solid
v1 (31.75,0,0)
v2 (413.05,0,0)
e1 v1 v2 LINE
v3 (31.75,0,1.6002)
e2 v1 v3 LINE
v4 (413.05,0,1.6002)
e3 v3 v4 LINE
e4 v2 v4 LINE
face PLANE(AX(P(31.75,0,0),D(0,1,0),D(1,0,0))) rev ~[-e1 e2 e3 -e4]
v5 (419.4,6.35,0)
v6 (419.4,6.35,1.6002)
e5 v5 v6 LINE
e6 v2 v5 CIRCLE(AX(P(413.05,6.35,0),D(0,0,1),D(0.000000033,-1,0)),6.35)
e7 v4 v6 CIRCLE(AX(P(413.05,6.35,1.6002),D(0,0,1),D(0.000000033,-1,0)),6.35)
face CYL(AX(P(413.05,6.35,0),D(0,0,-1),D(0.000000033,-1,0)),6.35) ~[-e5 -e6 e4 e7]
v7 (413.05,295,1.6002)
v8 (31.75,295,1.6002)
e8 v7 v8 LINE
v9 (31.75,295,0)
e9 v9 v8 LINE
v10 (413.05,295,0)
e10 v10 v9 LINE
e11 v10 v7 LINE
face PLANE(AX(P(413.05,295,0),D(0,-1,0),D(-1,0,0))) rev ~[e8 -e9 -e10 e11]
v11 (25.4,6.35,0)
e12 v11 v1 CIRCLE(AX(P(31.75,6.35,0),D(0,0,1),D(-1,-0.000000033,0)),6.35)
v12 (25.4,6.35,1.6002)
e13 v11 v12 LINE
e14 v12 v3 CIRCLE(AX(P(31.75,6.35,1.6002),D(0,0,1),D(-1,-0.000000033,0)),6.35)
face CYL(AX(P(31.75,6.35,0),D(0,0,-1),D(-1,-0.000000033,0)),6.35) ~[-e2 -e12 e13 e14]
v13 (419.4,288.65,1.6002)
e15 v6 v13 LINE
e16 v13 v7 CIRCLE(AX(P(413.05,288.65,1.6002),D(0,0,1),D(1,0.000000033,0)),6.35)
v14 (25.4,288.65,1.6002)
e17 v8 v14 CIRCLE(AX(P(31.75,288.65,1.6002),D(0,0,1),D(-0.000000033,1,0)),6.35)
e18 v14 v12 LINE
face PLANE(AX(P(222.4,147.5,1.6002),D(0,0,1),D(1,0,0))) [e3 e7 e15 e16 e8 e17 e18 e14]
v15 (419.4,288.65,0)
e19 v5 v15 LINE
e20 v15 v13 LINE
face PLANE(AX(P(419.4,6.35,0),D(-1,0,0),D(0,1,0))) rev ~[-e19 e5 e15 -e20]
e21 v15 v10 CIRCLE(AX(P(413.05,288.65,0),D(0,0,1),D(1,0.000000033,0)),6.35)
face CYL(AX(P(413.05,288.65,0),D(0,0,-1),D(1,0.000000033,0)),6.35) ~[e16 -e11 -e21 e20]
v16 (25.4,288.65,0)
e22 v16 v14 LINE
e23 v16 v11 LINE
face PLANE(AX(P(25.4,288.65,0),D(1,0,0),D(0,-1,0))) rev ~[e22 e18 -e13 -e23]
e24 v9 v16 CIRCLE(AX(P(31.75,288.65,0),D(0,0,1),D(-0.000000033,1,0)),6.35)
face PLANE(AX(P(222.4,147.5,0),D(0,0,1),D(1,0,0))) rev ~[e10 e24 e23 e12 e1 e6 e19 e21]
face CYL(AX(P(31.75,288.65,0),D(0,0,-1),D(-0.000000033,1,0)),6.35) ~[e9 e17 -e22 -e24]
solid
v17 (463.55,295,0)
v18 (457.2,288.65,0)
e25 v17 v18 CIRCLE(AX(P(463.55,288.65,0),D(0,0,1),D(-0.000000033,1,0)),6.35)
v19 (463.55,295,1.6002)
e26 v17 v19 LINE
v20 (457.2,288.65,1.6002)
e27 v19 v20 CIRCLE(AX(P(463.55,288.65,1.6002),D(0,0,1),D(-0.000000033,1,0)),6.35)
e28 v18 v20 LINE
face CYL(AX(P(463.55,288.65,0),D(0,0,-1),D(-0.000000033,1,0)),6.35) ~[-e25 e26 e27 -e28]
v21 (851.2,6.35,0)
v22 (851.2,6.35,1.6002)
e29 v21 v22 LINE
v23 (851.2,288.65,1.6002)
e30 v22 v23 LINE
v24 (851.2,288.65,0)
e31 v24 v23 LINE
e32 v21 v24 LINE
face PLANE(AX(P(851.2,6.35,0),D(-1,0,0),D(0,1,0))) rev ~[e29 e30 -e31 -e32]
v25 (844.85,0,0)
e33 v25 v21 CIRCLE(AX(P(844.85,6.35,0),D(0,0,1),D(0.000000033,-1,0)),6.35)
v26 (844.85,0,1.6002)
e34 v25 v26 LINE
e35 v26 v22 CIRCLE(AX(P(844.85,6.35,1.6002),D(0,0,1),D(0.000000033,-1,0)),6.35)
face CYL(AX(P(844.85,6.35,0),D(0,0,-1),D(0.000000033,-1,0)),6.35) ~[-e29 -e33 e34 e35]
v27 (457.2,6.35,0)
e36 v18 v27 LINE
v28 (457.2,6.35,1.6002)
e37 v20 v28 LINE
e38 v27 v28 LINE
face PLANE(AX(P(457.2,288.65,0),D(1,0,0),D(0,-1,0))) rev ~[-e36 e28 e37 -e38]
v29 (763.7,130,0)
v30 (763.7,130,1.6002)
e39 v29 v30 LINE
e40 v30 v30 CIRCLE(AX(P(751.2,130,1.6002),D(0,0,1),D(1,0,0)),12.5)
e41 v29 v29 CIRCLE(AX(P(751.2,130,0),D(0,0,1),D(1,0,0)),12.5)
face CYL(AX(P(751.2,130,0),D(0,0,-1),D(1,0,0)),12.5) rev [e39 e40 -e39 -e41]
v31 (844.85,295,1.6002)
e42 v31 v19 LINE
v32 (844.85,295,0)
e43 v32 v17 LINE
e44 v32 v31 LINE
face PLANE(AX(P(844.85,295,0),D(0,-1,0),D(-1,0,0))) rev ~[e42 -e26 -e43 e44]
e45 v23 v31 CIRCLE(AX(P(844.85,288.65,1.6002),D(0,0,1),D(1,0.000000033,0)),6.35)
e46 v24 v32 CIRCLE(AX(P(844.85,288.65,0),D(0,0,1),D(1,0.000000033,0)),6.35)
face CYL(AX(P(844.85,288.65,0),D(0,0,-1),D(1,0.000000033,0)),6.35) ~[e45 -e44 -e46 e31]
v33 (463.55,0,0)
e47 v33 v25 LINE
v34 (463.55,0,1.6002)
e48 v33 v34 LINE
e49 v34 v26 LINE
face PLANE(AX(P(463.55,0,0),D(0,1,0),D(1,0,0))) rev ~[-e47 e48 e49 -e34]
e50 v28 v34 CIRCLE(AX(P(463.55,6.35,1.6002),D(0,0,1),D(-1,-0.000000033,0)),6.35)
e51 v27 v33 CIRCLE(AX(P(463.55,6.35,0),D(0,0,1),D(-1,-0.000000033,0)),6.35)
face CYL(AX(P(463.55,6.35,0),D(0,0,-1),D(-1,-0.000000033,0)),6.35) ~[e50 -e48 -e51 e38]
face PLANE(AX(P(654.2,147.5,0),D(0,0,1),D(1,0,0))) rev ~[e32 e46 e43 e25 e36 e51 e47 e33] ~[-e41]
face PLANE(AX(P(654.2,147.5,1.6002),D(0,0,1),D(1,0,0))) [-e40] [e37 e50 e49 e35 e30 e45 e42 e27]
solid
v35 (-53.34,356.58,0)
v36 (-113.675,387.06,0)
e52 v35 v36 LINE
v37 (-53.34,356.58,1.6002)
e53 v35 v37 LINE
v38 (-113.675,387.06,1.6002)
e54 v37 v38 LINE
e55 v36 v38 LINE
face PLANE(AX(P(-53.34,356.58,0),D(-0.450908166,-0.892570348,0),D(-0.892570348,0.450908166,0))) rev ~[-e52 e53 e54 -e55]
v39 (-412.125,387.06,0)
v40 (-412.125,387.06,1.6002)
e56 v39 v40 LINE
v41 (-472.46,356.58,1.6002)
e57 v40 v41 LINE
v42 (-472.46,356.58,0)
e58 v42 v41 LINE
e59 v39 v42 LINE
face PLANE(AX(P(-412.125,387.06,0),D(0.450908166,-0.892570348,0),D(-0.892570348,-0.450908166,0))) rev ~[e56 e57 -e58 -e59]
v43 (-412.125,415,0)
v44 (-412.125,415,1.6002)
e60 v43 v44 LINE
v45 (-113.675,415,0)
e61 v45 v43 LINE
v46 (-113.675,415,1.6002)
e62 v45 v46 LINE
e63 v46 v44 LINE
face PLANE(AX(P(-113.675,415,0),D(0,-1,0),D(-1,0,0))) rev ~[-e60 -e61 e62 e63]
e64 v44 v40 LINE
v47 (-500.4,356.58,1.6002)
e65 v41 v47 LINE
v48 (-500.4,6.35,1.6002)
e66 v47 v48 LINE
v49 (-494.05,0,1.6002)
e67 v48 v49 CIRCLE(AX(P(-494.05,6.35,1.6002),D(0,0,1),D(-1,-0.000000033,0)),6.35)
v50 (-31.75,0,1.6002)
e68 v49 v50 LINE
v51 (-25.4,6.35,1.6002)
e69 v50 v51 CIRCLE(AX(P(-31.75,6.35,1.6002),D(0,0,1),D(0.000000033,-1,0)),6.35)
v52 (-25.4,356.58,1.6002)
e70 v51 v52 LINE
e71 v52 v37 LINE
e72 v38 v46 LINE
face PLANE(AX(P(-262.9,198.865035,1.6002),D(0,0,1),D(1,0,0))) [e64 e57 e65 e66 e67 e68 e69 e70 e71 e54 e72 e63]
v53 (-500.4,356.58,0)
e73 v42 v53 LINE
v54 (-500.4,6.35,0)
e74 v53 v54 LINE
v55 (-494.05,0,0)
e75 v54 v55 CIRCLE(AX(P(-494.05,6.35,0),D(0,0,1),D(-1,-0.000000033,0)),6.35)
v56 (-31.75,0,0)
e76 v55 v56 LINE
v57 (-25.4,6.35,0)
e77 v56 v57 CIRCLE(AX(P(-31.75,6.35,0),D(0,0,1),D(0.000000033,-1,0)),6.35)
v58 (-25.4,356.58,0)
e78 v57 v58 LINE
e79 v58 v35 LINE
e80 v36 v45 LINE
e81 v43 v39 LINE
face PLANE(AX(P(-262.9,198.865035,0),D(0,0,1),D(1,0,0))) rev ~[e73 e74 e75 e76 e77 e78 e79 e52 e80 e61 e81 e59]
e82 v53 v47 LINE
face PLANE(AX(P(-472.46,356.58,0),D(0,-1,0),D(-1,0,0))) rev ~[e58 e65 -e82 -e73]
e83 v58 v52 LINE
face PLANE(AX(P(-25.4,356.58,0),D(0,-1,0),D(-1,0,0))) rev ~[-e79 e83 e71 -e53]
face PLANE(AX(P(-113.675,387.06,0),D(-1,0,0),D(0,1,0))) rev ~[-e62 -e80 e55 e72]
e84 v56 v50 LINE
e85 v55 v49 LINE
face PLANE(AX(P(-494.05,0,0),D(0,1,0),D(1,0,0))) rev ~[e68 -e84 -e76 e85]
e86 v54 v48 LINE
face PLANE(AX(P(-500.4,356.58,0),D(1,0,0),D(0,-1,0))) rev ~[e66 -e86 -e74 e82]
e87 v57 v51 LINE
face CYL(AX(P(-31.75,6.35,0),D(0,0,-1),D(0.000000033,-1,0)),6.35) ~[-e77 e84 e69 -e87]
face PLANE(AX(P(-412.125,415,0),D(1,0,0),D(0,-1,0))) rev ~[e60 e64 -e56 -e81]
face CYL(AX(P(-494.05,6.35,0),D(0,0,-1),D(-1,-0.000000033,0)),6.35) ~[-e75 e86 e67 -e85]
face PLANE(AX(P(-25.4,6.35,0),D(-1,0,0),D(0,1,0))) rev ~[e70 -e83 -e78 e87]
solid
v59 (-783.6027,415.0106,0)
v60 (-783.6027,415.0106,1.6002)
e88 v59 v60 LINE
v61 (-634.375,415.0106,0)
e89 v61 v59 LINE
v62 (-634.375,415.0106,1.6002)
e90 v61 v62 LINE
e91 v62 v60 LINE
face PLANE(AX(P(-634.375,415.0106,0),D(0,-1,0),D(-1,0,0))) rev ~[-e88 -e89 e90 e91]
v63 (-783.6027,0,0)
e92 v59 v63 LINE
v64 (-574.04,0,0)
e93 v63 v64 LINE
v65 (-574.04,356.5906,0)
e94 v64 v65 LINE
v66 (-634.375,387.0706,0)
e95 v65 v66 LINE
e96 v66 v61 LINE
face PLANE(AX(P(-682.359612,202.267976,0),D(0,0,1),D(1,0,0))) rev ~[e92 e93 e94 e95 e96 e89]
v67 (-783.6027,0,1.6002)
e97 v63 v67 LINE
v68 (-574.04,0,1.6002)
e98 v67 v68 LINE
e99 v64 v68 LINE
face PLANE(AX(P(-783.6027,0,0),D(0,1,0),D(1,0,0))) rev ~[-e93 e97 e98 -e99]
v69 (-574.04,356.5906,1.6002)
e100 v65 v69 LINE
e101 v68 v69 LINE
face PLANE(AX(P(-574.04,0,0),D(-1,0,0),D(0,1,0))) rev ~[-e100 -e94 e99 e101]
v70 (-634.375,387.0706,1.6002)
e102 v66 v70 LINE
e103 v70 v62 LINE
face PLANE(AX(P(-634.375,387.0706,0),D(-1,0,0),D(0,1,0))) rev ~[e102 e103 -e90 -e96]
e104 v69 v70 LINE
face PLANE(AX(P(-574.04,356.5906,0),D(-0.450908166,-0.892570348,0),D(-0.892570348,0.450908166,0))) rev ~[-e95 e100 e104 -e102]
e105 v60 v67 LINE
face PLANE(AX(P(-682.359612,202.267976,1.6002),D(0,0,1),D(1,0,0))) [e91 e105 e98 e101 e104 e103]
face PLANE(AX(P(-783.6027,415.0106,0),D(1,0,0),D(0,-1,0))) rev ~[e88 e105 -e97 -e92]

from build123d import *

# Parameters (mm, degrees)
F0_R     = 12.5
F1_DEPTH = 1.6002


with BuildPart() as f1:
    # F0 (on Top) → F1 (new body)
    with BuildSketch(Plane.XY):
        with BuildLine():
            ThreePointArc((419.4, 288.65), (417.540128, 293.140128), (413.05, 295))
            Line((413.05, 295), (31.75, 295))
            ThreePointArc((31.75, 295), (27.259872, 293.140128), (25.4, 288.65))
            Line((25.4, 288.65), (25.4, 6.35))
            ThreePointArc((25.4, 6.35), (27.259872, 1.859872), (31.75, 0))
            Line((31.75, 0), (413.05, 0))
            ThreePointArc((413.05, 0), (417.540128, 1.859872), (419.4, 6.35))
            Line((419.4, 6.35), (419.4, 288.65))
        make_face()
        with BuildLine():
            ThreePointArc((457.2, 6.35), (459.059872, 1.859872), (463.55, 0))
            Line((463.55, 0), (844.85, 0))
            ThreePointArc((844.85, 0), (849.340128, 1.859872), (851.2, 6.35))
            Line((851.2, 6.35), (851.2, 288.65))
            ThreePointArc((851.2, 288.65), (849.340128, 293.140128), (844.85, 295))
            Line((844.85, 295), (463.55, 295))
            ThreePointArc((463.55, 295), (459.059872, 293.140128), (457.2, 288.65))
            Line((457.2, 288.65), (457.2, 6.35))
        make_face()
        with Locations((751.2, 130)):
            Circle(F0_R, mode=Mode.SUBTRACT)
        with BuildLine():
            Line((-494.05, 0), (-31.75, 0))
            ThreePointArc((-31.75, 0), (-27.259872, 1.859872), (-25.4, 6.35))
            Line((-25.4, 6.35), (-25.4, 356.58))
            Line((-25.4, 356.58), (-53.34, 356.58))
            Line((-53.34, 356.58), (-113.675, 387.06))
            Line((-113.675, 387.06), (-113.675, 415))
            Line((-113.675, 415), (-412.125, 415))
            Line((-412.125, 415), (-412.125, 387.06))
            Line((-412.125, 387.06), (-472.46, 356.58))
            Line((-472.46, 356.58), (-500.4, 356.58))
            Line((-500.4, 356.58), (-500.4, 6.35))
            ThreePointArc((-500.4, 6.35), (-498.540128, 1.859872), (-494.05, 0))
        make_face()
        Polygon((-783.6027, 0), (-574.04, 0), (-574.04, 356.5906), (-634.375, 387.0706), (-634.375, 415.0106), (-783.6027, 415.0106), align=None)
    extrude(amount=F1_DEPTH)


solid = f1.part
